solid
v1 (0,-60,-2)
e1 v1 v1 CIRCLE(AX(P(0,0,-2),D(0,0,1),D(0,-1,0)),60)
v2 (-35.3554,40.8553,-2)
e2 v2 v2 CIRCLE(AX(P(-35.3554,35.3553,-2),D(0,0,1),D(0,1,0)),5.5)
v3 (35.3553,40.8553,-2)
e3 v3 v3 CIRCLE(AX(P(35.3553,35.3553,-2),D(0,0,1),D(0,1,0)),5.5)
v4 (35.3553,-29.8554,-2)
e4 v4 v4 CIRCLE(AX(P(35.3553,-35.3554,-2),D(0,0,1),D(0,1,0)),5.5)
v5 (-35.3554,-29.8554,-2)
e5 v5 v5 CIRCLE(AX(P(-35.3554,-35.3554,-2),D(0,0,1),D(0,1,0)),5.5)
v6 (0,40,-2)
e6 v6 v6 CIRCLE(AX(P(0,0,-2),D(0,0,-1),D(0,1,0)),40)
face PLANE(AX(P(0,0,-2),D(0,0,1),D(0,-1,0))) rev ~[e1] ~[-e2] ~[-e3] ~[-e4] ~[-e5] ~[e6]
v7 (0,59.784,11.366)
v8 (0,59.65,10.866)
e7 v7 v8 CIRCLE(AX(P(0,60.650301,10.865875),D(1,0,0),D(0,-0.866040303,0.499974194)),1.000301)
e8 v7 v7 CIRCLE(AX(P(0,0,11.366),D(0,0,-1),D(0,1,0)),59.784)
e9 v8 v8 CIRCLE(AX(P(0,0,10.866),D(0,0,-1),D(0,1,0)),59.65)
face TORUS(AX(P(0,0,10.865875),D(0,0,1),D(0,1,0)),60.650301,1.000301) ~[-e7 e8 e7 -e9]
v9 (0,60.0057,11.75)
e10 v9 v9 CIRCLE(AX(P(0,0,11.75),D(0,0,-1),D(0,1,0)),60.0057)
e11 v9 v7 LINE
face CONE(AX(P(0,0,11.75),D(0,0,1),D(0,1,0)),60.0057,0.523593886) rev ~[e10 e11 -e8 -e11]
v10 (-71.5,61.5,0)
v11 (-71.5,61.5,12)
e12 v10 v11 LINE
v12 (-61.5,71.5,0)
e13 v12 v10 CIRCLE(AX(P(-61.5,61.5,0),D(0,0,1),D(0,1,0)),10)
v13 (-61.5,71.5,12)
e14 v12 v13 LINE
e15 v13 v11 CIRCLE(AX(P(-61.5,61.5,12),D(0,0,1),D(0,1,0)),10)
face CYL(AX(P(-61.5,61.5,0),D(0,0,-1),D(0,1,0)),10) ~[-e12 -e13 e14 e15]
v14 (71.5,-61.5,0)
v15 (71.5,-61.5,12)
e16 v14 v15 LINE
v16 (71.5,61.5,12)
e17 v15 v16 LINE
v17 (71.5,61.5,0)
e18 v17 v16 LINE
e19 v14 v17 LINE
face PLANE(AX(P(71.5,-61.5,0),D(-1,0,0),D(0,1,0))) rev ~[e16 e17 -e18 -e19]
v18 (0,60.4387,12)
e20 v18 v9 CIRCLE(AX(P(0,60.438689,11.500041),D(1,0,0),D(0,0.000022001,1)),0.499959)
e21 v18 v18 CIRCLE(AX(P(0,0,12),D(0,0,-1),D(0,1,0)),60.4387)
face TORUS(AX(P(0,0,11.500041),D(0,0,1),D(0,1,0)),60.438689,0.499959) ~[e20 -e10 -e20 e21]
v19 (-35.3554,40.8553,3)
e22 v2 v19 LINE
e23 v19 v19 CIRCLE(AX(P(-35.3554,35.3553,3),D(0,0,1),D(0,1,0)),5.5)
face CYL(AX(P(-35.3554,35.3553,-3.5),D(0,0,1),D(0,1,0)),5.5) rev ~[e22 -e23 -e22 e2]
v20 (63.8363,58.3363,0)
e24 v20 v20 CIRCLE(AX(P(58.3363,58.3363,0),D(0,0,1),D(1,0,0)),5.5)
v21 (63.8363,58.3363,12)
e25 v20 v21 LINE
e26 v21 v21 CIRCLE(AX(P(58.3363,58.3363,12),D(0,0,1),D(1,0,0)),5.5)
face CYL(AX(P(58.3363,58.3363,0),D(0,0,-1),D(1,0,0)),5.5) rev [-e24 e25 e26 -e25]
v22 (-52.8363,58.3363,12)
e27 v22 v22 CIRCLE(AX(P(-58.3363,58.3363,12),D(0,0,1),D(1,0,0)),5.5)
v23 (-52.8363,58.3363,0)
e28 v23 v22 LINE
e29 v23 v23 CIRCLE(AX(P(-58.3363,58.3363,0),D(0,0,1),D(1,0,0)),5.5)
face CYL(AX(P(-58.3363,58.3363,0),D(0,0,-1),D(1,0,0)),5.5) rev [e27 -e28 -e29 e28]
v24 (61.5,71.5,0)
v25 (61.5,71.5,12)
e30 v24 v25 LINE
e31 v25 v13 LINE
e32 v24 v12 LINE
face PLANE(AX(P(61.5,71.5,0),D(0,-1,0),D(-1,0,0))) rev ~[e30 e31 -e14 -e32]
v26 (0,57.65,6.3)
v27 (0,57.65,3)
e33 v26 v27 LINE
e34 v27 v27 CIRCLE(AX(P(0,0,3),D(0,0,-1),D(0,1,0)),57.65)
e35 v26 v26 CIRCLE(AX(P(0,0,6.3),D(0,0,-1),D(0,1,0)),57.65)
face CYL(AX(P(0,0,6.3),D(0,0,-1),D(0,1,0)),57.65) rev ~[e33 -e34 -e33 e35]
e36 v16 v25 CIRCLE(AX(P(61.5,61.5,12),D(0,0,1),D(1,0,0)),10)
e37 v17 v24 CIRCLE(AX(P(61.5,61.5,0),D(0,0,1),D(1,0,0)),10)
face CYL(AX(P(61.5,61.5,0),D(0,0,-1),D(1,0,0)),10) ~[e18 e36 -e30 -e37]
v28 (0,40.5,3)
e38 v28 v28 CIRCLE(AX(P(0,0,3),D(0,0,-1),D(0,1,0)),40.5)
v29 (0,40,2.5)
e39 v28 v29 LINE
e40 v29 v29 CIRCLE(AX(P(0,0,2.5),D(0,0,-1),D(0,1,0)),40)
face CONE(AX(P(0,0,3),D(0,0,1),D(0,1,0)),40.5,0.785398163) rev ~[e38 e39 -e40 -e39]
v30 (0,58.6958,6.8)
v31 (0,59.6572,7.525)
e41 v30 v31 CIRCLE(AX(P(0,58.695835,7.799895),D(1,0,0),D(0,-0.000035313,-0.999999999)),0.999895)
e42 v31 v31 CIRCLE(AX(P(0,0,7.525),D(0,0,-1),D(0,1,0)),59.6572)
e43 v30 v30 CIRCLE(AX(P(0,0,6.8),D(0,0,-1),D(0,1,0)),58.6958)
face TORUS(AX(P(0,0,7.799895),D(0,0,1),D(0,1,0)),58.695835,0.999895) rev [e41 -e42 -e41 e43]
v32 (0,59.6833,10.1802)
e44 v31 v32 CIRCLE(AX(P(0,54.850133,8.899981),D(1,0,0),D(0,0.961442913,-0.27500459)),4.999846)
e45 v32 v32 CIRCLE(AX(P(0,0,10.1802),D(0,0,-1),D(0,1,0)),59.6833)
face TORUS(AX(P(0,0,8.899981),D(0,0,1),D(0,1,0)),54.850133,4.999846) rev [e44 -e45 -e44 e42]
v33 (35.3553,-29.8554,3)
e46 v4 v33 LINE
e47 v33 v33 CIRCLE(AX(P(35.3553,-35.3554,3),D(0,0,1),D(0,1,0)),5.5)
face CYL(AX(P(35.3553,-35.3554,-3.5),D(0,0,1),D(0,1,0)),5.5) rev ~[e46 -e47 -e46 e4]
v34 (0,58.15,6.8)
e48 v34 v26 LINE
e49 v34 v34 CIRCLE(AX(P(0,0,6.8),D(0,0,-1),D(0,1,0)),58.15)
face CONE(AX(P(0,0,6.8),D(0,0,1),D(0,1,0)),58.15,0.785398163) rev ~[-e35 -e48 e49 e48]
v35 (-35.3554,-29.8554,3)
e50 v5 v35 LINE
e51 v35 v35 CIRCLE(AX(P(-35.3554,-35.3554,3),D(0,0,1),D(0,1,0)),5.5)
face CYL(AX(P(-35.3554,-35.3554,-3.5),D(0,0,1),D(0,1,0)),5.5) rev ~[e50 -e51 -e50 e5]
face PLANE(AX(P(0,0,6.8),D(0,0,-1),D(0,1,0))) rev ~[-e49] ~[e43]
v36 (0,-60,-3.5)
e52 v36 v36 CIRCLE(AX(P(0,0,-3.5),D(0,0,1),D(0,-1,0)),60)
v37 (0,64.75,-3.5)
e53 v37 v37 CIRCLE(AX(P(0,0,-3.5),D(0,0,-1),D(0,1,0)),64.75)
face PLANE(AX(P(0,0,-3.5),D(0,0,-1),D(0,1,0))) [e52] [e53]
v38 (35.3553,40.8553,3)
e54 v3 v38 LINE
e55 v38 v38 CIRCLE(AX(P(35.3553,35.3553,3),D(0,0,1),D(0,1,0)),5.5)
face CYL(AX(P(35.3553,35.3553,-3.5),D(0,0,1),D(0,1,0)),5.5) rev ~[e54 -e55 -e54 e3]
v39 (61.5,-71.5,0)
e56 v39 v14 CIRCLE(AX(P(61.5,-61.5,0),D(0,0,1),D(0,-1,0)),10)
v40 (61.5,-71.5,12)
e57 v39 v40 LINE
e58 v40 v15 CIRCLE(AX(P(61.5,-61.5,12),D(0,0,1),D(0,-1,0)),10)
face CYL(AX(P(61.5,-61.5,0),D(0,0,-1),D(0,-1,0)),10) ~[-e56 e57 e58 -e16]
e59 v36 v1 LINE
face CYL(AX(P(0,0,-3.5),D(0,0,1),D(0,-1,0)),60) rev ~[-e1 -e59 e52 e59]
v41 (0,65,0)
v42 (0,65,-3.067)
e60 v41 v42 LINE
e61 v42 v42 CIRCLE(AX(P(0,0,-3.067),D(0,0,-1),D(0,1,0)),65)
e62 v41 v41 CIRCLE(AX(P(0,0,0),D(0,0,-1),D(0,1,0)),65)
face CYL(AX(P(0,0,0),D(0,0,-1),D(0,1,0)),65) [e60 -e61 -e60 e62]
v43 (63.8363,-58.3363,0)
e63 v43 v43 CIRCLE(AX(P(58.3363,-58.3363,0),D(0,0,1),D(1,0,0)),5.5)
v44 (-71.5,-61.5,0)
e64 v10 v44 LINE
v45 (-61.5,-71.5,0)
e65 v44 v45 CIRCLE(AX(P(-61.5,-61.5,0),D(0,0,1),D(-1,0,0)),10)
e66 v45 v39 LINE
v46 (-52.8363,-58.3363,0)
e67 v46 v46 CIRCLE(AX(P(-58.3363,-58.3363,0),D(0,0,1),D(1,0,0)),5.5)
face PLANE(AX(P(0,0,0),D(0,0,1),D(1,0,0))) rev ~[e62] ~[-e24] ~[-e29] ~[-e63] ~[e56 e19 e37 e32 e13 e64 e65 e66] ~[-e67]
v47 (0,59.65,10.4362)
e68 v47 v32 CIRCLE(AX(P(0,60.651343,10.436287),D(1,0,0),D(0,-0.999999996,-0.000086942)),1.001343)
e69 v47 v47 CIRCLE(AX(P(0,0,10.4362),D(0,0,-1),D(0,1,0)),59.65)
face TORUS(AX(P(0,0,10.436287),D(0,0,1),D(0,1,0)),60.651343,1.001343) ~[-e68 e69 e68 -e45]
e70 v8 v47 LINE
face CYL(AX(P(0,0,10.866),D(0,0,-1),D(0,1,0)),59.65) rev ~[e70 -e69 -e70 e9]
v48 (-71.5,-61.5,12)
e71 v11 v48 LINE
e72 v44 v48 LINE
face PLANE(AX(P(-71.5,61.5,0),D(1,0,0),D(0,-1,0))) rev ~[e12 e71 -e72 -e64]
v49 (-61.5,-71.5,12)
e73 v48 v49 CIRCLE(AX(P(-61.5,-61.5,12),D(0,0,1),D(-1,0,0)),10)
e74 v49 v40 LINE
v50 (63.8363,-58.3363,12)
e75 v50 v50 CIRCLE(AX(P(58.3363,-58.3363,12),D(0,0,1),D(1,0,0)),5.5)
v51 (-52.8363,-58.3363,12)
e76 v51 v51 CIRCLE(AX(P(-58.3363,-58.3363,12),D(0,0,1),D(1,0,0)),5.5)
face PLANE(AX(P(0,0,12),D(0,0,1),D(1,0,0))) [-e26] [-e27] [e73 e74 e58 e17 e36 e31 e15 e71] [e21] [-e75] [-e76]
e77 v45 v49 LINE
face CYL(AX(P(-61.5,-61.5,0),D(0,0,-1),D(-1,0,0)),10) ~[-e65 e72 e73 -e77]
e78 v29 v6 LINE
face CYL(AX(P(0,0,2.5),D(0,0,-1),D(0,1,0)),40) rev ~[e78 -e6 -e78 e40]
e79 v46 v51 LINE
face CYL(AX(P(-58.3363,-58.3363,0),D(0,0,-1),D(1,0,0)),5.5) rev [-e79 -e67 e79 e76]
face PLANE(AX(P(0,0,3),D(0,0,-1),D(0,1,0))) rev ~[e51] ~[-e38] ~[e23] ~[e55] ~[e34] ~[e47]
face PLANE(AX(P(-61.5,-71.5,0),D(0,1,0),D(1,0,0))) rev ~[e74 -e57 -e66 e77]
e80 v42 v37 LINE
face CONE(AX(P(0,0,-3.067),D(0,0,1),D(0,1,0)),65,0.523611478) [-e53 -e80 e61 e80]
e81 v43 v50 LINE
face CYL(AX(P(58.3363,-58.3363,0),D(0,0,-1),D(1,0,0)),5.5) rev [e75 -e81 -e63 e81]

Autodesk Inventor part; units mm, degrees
sketch "Sketch_1" plane through (0, 0, 0) normal (0, 0, 1) x (1, 0, 0)
  arc A0 (-71.5, -61.5) -> (-61.5, -71.5) centre (-61.5, -61.5) ccw
  line L0 (-61.5, -71.5) -> (61.5, -71.5)
  arc A1 (61.5, -71.5) -> (71.5, -61.5) centre (61.5, -61.5) ccw
  line L1 (71.5, -61.5) -> (71.5, 61.5)
  arc A2 (71.5, 61.5) -> (61.5, 71.5) centre (61.5, 61.5) ccw
  line L2 (61.5, 71.5) -> (-61.5, 71.5)
  arc A3 (-61.5, 71.5) -> (-71.5, 61.5) centre (-61.5, 61.5) ccw
  line L3 (-71.5, 61.5) -> (-71.5, -61.5)
  circle A4 centre (58.3363, 58.3363) radius 5.5
  circle A5 centre (58.3363, -58.3363) radius 5.5
  circle A6 centre (-58.3363, 58.3363) radius 5.5
  circle A7 centre (-58.3363, -58.3363) radius 5.5
extrude "Extrusion1" add sketch "Sketch_1" along normal blind 12
sketch "Sketch_2" plane through (0, 0, 0) normal (1, 0, 0) x (0, 1, 0)
  line L0 (0, -3.5) -> (0, 0)
  line L1 (0, 0) -> (65, 0)
  line L2 (65, 0) -> (65, -3.067)
  line L3 (65, -3.067) -> (64.75, -3.5)
  line L4 (64.75, -3.5) -> (0, -3.5)
  line L5 (0, -3.5) -> (0, 0)
revolve "Revolution1" add sketch "Sketch_2" angle 360 about axis through (0, 0, -3.5) along (0, 0, -1)
sketch "Sketch3" plane through (0, 0, -3.5) normal (0, 0, -1) x (-1, 0, 0)
  point P0 (-35.3553, 35.3553)
hole "Hole1" at (35.3553, 35.3553, -3.5) direction (0, 0, 1) diameter 11 depth 15.5
pattern_linear "Rectangular Pattern1" count 2 spacing 70.7107 along (-1, 0, 0) count 2 spacing 70.7107 along (0, -1, 0) of "Hole1"
sketch "Sketch_7" plane through (0, 0, 0) normal (1, 0, 0) x (0, 1, 0)
  line L0 (0, -3.5) -> (0, 12)
  line L1 (0, 12) -> (60.4387, 12)
  arc A0 (60.4387, 12) -> (60.0057, 11.75) centre (60.4387, 11.5) ccw
  line L2 (60.0057, 11.75) -> (59.784, 11.366)
  arc A1 (59.784, 11.366) -> (59.65, 10.866) centre (60.65, 10.866) ccw
  line L3 (59.65, 10.866) -> (59.65, 10.4362)
  arc A2 (59.65, 10.4362) -> (59.6833, 10.1802) centre (60.65, 10.4362) ccw
  arc A3 (59.6572, 7.525) -> (59.6833, 10.1802) centre (54.85, 8.9) ccw
  arc A4 (58.6958, 6.8) -> (59.6572, 7.525) centre (58.6958, 7.8) ccw
  line L4 (58.6958, 6.8) -> (58.15, 6.8)
  line L5 (58.15, 6.8) -> (57.65, 6.3)
  line L6 (57.65, 6.3) -> (57.65, 3)
  line L7 (57.65, 3) -> (40.5, 3)
  line L8 (40.5, 3) -> (40, 2.5)
  line L9 (40, 2.5) -> (40, -3.5)
  line L10 (40, -3.5) -> (0, -3.5)
  line L11 (0, -3.5) -> (0, 12)
revolve "Revolution2" cut sketch "Sketch_7" angle 360 about axis through (0, 0, -3.5) along (0, 0, -1)
sketch "Sketch_16" plane through (0, 0, 0) normal (1, 0, 0) x (0, 1, 0)
  line L0 (0, -2) -> (0, -3.5)
  line L1 (0, -3.5) -> (-60, -3.5)
  line L2 (-60, -3.5) -> (-60, -2)
  line L3 (-60, -2) -> (0, -2)
  line L4 (0, -2) -> (0, -3.5)
revolve "Revolution3" cut sketch "Sketch_16" angle 360 about axis through (0, 0, -2) along (0, 0, 1)
ref_plane "ANBAU_XY" through (0, 0, 0) normal (0, 0, 1) x (1, 0, 0)
ref_plane "ANBAU_YZ" through (0, 0, 0) normal (1, 0, 0) x (0, 1, 0)
ref_plane "ANBAU_ZX" through (0, 0, 0) normal (0, 1, 0) x (0, 0, 1)
ref_plane "M_SCREWS_1_XY" through (-35.3553, -35.3553, -3.5) normal (0, 0, 1) x (1, 0, 0)
ref_plane "M_SCREWS_1_YZ" through (-35.3553, -35.3553, -3.5) normal (1, 0, 0) x (0, 1, 0)
ref_plane "M_SCREWS_1_ZX" through (-35.3553, -35.3553, -3.5) normal (0, 1, 0) x (0, 0, 1)
ref_plane "M_SCREWS_2_XY" through (35.3553, -35.3553, -3.5) normal (0, 0, 1) x (1, 0, 0)
ref_plane "M_SCREWS_2_YZ" through (35.3553, -35.3553, -3.5) normal (1, 0, 0) x (0, 1, 0)
ref_plane "M_SCREWS_2_ZX" through (35.3553, -35.3553, -3.5) normal (0, 1, 0) x (0, 0, 1)
ref_plane "M_SCREWS_3_XY" through (35.3553, 35.3553, -3.5) normal (0, 0, 1) x (1, 0, 0)
ref_plane "M_SCREWS_3_YZ" through (35.3553, 35.3553, -3.5) normal (1, 0, 0) x (0, 1, 0)
ref_plane "M_SCREWS_3_ZX" through (35.3553, 35.3553, -3.5) normal (0, 1, 0) x (0, 0, 1)
ref_plane "M_SCREWS_4_XY" through (-35.3553, 35.3553, -3.5) normal (0, 0, 1) x (1, 0, 0)
ref_plane "M_SCREWS_4_YZ" through (-35.3553, 35.3553, -3.5) normal (1, 0, 0) x (0, 1, 0)
ref_plane "M_SCREWS_4_ZX" through (-35.3553, 35.3553, -3.5) normal (0, 1, 0) x (0, 0, 1)
ref_plane "RS_1_XY" through (58.3363, 58.3363, 12) normal (0, 0, 1) x (1, 0, 0)
ref_plane "RS_1_YZ" through (58.3363, 58.3363, 12) normal (1, 0, 0) x (0, 1, 0)
ref_plane "RS_1_ZX" through (58.3363, 58.3363, 12) normal (0, 1, 0) x (0, 0, 1)
ref_plane "RS_2_XY" through (-58.3363, 58.3363, 12) normal (0, 0, 1) x (1, 0, 0)
ref_plane "RS_2_YZ" through (-58.3363, 58.3363, 12) normal (1, 0, 0) x (0, 1, 0)
ref_plane "RS_2_ZX" through (-58.3363, 58.3363, 12) normal (0, 1, 0) x (0, 0, 1)
ref_plane "RS_3_XY" through (-58.3363, -58.3363, 12) normal (0, 0, 1) x (1, 0, 0)
ref_plane "RS_3_YZ" through (-58.3363, -58.3363, 12) normal (1, 0, 0) x (0, 1, 0)
ref_plane "RS_3_ZX" through (-58.3363, -58.3363, 12) normal (0, 1, 0) x (0, 0, 1)
ref_plane "RS_4_XY" through (58.3363, -58.3363, 12) normal (0, 0, 1) x (1, 0, 0)
ref_plane "RS_4_YZ" through (58.3363, -58.3363, 12) normal (1, 0, 0) x (0, 1, 0)
ref_plane "RS_4_ZX" through (58.3363, -58.3363, 12) normal (0, 1, 0) x (0, 0, 1)
ref_plane "S2_1_XY" through (58.3363, 58.3363, 12) normal (0, 0, -1) x (1, 0, 0)
ref_plane "S2_1_YZ" through (58.3363, 58.3363, 12) normal (1, 0, 0) x (0, -1, 0)
ref_plane "S2_1_ZX" through (58.3363, 58.3363, 12) normal (0, -1, 0) x (0, 0, -1)
ref_plane "S2_2_XY" through (-58.3363, 58.3363, 12) normal (0, 0, -1) x (1, 0, 0)
ref_plane "S2_2_YZ" through (-58.3363, 58.3363, 12) normal (1, 0, 0) x (0, -1, 0)
ref_plane "S2_2_ZX" through (-58.3363, 58.3363, 12) normal (0, -1, 0) x (0, 0, -1)
ref_plane "S2_3_XY" through (-58.3363, -58.3363, 12) normal (0, 0, -1) x (1, 0, 0)
ref_plane "S2_3_YZ" through (-58.3363, -58.3363, 12) normal (1, 0, 0) x (0, -1, 0)
ref_plane "S2_3_ZX" through (-58.3363, -58.3363, 12) normal (0, -1, 0) x (0, 0, -1)
ref_plane "S2_4_XY" through (58.3363, -58.3363, 12) normal (0, 0, -1) x (1, 0, 0)
ref_plane "S2_4_YZ" through (58.3363, -58.3363, 12) normal (1, 0, 0) x (0, -1, 0)
ref_plane "S2_4_ZX" through (58.3363, -58.3363, 12) normal (0, -1, 0) x (0, 0, -1)
properties part number "2683767 EAMF-U-140A-120G-S1---(ADAX)"
